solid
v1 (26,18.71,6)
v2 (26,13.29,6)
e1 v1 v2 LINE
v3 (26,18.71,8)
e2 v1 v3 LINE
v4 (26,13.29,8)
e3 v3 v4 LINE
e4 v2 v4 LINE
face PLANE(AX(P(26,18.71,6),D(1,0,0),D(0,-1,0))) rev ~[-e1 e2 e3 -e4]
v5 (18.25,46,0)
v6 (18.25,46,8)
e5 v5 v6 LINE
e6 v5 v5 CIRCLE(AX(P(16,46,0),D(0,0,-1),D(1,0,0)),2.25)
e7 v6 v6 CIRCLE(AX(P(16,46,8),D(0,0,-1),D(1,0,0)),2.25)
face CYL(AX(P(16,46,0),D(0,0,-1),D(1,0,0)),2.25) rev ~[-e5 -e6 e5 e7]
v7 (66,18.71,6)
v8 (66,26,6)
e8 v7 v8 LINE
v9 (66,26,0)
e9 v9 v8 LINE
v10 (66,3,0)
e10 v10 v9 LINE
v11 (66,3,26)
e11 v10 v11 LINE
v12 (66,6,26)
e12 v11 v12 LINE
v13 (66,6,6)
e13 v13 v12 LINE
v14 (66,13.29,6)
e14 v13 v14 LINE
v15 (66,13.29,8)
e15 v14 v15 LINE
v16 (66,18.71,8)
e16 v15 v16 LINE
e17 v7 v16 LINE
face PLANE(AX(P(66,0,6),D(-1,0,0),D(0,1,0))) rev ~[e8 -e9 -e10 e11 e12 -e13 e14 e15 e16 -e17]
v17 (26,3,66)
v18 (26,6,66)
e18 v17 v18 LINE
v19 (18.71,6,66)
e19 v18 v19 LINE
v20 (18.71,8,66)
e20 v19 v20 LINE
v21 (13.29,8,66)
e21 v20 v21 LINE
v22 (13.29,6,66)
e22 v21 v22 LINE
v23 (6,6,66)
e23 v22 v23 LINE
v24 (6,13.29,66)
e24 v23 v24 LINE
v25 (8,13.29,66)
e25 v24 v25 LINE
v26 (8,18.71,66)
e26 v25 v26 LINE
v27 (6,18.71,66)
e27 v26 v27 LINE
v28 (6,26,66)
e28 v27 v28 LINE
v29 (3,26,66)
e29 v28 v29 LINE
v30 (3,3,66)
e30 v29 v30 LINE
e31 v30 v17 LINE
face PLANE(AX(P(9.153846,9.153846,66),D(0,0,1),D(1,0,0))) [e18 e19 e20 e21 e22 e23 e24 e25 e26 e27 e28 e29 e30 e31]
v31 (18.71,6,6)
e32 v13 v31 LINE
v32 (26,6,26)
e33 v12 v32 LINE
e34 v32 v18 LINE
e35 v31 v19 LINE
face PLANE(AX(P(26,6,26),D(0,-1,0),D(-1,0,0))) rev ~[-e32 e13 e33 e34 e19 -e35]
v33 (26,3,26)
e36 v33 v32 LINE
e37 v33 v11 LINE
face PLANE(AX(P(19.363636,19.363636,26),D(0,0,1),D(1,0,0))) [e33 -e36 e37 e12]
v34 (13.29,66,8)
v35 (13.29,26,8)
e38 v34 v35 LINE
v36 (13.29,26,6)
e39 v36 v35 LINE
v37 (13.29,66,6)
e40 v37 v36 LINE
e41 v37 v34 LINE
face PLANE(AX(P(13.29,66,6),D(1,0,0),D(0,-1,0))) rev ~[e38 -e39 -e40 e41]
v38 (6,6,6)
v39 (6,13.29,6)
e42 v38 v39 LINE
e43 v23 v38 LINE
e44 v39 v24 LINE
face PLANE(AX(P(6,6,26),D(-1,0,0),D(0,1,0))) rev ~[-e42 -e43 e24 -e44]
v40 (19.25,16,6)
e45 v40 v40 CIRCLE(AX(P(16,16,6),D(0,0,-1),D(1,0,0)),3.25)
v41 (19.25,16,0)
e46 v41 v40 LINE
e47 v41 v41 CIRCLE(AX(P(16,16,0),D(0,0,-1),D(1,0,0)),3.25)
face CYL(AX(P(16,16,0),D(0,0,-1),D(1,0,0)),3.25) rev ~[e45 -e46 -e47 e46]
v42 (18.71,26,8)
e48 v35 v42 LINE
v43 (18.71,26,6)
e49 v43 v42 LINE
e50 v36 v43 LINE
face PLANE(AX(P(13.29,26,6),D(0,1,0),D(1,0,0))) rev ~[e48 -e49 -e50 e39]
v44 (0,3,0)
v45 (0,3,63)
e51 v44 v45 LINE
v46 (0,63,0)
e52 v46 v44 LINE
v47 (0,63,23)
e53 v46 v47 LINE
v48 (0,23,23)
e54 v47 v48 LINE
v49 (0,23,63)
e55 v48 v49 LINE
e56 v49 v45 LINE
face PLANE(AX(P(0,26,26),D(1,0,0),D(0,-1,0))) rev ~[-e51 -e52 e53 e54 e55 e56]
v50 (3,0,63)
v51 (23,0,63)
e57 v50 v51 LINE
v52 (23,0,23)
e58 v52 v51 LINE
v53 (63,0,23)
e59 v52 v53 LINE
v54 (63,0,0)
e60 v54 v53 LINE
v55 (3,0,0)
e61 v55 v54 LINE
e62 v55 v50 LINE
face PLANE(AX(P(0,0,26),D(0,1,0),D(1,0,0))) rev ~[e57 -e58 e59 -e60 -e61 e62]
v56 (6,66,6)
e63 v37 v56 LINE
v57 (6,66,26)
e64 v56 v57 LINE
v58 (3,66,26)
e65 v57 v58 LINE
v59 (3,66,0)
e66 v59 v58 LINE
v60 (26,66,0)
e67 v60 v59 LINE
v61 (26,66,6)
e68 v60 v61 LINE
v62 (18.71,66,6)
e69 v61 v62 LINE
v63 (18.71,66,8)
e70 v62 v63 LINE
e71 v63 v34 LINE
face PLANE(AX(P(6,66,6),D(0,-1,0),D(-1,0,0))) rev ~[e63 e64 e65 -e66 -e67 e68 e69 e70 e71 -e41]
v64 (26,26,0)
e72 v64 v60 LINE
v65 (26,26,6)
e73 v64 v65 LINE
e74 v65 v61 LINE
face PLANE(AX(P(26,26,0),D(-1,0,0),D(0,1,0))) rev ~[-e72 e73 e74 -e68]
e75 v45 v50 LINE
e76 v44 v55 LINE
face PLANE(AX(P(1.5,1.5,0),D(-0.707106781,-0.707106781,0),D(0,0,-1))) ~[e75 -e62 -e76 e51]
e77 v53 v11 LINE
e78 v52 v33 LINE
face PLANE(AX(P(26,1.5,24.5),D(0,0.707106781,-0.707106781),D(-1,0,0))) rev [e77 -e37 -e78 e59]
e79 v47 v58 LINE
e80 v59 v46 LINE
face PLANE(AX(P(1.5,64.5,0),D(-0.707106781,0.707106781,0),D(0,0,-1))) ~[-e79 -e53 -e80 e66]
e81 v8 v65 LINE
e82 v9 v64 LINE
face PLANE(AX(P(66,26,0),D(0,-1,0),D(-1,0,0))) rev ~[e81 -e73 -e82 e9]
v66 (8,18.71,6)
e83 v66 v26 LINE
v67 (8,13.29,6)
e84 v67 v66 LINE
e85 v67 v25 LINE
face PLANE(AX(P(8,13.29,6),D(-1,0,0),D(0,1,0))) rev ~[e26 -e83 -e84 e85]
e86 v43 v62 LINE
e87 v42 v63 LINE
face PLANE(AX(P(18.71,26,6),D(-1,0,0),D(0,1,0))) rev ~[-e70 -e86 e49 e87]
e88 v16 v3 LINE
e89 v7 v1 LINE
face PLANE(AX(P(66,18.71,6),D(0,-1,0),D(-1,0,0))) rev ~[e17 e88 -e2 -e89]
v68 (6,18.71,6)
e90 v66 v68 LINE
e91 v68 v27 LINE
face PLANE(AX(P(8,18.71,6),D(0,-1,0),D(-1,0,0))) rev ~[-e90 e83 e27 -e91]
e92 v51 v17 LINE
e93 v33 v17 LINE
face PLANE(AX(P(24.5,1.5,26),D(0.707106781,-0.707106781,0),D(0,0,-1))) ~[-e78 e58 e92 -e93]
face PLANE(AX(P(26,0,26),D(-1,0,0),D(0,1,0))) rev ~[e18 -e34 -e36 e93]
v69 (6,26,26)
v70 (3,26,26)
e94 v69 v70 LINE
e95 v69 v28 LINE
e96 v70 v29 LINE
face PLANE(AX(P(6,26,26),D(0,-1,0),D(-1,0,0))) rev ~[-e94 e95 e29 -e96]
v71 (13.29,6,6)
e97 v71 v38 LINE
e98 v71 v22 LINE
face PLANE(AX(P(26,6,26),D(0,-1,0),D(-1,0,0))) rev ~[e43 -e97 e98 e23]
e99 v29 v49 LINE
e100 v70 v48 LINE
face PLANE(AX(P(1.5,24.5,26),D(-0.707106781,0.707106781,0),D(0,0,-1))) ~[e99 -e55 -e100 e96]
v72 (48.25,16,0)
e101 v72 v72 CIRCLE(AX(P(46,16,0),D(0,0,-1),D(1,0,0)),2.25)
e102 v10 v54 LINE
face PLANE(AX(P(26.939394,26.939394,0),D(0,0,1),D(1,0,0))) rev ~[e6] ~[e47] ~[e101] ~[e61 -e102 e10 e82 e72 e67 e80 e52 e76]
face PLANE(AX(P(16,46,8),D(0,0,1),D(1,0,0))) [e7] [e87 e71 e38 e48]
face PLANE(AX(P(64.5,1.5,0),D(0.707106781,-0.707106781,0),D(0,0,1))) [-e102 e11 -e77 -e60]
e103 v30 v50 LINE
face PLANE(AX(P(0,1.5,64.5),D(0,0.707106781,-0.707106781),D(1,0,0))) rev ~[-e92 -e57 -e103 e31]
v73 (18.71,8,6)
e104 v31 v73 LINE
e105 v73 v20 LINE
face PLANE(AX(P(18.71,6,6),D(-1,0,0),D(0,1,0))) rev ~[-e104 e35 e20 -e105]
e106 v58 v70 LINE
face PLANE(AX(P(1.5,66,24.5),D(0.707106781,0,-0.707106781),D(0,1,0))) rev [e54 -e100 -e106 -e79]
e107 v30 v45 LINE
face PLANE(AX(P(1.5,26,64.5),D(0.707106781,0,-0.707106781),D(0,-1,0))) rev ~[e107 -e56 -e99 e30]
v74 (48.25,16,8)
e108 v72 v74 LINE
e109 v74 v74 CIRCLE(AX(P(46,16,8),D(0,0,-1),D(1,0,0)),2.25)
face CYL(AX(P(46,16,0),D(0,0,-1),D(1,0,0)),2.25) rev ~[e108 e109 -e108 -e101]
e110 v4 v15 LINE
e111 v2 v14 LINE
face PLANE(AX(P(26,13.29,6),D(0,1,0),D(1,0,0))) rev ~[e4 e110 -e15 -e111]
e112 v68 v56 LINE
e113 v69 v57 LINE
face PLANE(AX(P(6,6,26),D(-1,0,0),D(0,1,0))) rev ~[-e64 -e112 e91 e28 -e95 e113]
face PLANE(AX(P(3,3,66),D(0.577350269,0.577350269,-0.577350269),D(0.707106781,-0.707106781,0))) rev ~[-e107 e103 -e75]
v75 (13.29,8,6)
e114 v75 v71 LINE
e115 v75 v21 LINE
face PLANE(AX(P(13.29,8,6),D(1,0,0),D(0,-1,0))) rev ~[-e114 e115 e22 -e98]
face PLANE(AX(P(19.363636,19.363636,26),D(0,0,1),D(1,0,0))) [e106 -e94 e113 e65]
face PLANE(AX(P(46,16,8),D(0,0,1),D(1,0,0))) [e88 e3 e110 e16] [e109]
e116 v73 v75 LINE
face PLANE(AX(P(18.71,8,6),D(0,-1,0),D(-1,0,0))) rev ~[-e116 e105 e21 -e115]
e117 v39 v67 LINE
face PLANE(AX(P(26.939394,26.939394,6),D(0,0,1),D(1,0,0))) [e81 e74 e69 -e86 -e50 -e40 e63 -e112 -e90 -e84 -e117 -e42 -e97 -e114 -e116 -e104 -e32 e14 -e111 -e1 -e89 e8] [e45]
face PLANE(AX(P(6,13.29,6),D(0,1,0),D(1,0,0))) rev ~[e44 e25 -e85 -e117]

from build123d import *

# Parameters (mm, degrees)
F1_DEPTH  = 6
F3_DEPTH  = 20
F5_DEPTH  = 40
F7_DEPTH  = 60
F9_DEPTH  = 2
F12_R     = 3.25
F12_R_2   = 2.25
F13_DEPTH = 8.001
F14_SIZE  = 3


with BuildPart() as f1:
    # F0 (on Top) → F1 (new body)
    with BuildSketch(Plane.XY):
        Polygon((0, 66), (0, 0), (66, 0), (66, 26), (26, 26), (26, 66), align=None)
    extrude(amount=F1_DEPTH)

    # F2 (on face) → F3 (join)
    with BuildSketch(Plane.XY.offset(6)):
        Polygon((6, 66), (0, 66), (0, 0), (66, 0), (66, 6), (6, 6), align=None)
    extrude(amount=F3_DEPTH)

    # F4 (on face) → F5 (join)
    with BuildSketch(Plane.XY.offset(26)):
        Polygon((6, 6), (6, 26), (0, 26), (0, 0), (26, 0), (26, 6), align=None)
    extrude(amount=F5_DEPTH)

    # F6 (on face) → F7 (join)
    with BuildSketch(Plane.XY.offset(6)):
        Polygon((13.29, 6), (16, 6), (18.71, 6), (18.71, 8), (13.29, 8), align=None)
        Polygon((6, 18.71), (6, 16), (6, 13.29), (8, 13.29), (8, 18.71), align=None)
    extrude(amount=F7_DEPTH)

    # F8 (on face) → F9 (join)
    with BuildSketch(Plane.XY.offset(6)):
        Polygon((66, 13.29), (66, 16), (66, 18.71), (26, 18.71), (26, 13.29), align=None)
        Polygon((18.71, 66), (16, 66), (13.29, 66), (13.29, 26), (18.71, 26), align=None)
    extrude(amount=F9_DEPTH)

    # F12 (on face) → F13 (cut, through all)
    with BuildSketch(Plane(origin=(0, 0, 0), x_dir=(1, 0, 0), z_dir=(0, 0, -1))):
        with Locations((16, -16)):
            Circle(F12_R)
        with Locations((46, -16)):
            Circle(F12_R_2)
        with Locations((16, -46)):
            Circle(F12_R_2)
    extrude(amount=-F13_DEPTH, mode=Mode.SUBTRACT)

    # F14
    f14_edges = [f1.edges().sort_by_distance(p)[0] for p in [
        (0, 0, 33),
        (0, 26, 46),
        (0, 46, 26),
        (26, 0, 46),
        (46, 0, 26),
        (0, 13, 66),
        (13, 0, 66),
        (0, 66, 13),
        (66, 0, 13),
    ]]
    chamfer(f14_edges, length=F14_SIZE)


solid = f1.part
